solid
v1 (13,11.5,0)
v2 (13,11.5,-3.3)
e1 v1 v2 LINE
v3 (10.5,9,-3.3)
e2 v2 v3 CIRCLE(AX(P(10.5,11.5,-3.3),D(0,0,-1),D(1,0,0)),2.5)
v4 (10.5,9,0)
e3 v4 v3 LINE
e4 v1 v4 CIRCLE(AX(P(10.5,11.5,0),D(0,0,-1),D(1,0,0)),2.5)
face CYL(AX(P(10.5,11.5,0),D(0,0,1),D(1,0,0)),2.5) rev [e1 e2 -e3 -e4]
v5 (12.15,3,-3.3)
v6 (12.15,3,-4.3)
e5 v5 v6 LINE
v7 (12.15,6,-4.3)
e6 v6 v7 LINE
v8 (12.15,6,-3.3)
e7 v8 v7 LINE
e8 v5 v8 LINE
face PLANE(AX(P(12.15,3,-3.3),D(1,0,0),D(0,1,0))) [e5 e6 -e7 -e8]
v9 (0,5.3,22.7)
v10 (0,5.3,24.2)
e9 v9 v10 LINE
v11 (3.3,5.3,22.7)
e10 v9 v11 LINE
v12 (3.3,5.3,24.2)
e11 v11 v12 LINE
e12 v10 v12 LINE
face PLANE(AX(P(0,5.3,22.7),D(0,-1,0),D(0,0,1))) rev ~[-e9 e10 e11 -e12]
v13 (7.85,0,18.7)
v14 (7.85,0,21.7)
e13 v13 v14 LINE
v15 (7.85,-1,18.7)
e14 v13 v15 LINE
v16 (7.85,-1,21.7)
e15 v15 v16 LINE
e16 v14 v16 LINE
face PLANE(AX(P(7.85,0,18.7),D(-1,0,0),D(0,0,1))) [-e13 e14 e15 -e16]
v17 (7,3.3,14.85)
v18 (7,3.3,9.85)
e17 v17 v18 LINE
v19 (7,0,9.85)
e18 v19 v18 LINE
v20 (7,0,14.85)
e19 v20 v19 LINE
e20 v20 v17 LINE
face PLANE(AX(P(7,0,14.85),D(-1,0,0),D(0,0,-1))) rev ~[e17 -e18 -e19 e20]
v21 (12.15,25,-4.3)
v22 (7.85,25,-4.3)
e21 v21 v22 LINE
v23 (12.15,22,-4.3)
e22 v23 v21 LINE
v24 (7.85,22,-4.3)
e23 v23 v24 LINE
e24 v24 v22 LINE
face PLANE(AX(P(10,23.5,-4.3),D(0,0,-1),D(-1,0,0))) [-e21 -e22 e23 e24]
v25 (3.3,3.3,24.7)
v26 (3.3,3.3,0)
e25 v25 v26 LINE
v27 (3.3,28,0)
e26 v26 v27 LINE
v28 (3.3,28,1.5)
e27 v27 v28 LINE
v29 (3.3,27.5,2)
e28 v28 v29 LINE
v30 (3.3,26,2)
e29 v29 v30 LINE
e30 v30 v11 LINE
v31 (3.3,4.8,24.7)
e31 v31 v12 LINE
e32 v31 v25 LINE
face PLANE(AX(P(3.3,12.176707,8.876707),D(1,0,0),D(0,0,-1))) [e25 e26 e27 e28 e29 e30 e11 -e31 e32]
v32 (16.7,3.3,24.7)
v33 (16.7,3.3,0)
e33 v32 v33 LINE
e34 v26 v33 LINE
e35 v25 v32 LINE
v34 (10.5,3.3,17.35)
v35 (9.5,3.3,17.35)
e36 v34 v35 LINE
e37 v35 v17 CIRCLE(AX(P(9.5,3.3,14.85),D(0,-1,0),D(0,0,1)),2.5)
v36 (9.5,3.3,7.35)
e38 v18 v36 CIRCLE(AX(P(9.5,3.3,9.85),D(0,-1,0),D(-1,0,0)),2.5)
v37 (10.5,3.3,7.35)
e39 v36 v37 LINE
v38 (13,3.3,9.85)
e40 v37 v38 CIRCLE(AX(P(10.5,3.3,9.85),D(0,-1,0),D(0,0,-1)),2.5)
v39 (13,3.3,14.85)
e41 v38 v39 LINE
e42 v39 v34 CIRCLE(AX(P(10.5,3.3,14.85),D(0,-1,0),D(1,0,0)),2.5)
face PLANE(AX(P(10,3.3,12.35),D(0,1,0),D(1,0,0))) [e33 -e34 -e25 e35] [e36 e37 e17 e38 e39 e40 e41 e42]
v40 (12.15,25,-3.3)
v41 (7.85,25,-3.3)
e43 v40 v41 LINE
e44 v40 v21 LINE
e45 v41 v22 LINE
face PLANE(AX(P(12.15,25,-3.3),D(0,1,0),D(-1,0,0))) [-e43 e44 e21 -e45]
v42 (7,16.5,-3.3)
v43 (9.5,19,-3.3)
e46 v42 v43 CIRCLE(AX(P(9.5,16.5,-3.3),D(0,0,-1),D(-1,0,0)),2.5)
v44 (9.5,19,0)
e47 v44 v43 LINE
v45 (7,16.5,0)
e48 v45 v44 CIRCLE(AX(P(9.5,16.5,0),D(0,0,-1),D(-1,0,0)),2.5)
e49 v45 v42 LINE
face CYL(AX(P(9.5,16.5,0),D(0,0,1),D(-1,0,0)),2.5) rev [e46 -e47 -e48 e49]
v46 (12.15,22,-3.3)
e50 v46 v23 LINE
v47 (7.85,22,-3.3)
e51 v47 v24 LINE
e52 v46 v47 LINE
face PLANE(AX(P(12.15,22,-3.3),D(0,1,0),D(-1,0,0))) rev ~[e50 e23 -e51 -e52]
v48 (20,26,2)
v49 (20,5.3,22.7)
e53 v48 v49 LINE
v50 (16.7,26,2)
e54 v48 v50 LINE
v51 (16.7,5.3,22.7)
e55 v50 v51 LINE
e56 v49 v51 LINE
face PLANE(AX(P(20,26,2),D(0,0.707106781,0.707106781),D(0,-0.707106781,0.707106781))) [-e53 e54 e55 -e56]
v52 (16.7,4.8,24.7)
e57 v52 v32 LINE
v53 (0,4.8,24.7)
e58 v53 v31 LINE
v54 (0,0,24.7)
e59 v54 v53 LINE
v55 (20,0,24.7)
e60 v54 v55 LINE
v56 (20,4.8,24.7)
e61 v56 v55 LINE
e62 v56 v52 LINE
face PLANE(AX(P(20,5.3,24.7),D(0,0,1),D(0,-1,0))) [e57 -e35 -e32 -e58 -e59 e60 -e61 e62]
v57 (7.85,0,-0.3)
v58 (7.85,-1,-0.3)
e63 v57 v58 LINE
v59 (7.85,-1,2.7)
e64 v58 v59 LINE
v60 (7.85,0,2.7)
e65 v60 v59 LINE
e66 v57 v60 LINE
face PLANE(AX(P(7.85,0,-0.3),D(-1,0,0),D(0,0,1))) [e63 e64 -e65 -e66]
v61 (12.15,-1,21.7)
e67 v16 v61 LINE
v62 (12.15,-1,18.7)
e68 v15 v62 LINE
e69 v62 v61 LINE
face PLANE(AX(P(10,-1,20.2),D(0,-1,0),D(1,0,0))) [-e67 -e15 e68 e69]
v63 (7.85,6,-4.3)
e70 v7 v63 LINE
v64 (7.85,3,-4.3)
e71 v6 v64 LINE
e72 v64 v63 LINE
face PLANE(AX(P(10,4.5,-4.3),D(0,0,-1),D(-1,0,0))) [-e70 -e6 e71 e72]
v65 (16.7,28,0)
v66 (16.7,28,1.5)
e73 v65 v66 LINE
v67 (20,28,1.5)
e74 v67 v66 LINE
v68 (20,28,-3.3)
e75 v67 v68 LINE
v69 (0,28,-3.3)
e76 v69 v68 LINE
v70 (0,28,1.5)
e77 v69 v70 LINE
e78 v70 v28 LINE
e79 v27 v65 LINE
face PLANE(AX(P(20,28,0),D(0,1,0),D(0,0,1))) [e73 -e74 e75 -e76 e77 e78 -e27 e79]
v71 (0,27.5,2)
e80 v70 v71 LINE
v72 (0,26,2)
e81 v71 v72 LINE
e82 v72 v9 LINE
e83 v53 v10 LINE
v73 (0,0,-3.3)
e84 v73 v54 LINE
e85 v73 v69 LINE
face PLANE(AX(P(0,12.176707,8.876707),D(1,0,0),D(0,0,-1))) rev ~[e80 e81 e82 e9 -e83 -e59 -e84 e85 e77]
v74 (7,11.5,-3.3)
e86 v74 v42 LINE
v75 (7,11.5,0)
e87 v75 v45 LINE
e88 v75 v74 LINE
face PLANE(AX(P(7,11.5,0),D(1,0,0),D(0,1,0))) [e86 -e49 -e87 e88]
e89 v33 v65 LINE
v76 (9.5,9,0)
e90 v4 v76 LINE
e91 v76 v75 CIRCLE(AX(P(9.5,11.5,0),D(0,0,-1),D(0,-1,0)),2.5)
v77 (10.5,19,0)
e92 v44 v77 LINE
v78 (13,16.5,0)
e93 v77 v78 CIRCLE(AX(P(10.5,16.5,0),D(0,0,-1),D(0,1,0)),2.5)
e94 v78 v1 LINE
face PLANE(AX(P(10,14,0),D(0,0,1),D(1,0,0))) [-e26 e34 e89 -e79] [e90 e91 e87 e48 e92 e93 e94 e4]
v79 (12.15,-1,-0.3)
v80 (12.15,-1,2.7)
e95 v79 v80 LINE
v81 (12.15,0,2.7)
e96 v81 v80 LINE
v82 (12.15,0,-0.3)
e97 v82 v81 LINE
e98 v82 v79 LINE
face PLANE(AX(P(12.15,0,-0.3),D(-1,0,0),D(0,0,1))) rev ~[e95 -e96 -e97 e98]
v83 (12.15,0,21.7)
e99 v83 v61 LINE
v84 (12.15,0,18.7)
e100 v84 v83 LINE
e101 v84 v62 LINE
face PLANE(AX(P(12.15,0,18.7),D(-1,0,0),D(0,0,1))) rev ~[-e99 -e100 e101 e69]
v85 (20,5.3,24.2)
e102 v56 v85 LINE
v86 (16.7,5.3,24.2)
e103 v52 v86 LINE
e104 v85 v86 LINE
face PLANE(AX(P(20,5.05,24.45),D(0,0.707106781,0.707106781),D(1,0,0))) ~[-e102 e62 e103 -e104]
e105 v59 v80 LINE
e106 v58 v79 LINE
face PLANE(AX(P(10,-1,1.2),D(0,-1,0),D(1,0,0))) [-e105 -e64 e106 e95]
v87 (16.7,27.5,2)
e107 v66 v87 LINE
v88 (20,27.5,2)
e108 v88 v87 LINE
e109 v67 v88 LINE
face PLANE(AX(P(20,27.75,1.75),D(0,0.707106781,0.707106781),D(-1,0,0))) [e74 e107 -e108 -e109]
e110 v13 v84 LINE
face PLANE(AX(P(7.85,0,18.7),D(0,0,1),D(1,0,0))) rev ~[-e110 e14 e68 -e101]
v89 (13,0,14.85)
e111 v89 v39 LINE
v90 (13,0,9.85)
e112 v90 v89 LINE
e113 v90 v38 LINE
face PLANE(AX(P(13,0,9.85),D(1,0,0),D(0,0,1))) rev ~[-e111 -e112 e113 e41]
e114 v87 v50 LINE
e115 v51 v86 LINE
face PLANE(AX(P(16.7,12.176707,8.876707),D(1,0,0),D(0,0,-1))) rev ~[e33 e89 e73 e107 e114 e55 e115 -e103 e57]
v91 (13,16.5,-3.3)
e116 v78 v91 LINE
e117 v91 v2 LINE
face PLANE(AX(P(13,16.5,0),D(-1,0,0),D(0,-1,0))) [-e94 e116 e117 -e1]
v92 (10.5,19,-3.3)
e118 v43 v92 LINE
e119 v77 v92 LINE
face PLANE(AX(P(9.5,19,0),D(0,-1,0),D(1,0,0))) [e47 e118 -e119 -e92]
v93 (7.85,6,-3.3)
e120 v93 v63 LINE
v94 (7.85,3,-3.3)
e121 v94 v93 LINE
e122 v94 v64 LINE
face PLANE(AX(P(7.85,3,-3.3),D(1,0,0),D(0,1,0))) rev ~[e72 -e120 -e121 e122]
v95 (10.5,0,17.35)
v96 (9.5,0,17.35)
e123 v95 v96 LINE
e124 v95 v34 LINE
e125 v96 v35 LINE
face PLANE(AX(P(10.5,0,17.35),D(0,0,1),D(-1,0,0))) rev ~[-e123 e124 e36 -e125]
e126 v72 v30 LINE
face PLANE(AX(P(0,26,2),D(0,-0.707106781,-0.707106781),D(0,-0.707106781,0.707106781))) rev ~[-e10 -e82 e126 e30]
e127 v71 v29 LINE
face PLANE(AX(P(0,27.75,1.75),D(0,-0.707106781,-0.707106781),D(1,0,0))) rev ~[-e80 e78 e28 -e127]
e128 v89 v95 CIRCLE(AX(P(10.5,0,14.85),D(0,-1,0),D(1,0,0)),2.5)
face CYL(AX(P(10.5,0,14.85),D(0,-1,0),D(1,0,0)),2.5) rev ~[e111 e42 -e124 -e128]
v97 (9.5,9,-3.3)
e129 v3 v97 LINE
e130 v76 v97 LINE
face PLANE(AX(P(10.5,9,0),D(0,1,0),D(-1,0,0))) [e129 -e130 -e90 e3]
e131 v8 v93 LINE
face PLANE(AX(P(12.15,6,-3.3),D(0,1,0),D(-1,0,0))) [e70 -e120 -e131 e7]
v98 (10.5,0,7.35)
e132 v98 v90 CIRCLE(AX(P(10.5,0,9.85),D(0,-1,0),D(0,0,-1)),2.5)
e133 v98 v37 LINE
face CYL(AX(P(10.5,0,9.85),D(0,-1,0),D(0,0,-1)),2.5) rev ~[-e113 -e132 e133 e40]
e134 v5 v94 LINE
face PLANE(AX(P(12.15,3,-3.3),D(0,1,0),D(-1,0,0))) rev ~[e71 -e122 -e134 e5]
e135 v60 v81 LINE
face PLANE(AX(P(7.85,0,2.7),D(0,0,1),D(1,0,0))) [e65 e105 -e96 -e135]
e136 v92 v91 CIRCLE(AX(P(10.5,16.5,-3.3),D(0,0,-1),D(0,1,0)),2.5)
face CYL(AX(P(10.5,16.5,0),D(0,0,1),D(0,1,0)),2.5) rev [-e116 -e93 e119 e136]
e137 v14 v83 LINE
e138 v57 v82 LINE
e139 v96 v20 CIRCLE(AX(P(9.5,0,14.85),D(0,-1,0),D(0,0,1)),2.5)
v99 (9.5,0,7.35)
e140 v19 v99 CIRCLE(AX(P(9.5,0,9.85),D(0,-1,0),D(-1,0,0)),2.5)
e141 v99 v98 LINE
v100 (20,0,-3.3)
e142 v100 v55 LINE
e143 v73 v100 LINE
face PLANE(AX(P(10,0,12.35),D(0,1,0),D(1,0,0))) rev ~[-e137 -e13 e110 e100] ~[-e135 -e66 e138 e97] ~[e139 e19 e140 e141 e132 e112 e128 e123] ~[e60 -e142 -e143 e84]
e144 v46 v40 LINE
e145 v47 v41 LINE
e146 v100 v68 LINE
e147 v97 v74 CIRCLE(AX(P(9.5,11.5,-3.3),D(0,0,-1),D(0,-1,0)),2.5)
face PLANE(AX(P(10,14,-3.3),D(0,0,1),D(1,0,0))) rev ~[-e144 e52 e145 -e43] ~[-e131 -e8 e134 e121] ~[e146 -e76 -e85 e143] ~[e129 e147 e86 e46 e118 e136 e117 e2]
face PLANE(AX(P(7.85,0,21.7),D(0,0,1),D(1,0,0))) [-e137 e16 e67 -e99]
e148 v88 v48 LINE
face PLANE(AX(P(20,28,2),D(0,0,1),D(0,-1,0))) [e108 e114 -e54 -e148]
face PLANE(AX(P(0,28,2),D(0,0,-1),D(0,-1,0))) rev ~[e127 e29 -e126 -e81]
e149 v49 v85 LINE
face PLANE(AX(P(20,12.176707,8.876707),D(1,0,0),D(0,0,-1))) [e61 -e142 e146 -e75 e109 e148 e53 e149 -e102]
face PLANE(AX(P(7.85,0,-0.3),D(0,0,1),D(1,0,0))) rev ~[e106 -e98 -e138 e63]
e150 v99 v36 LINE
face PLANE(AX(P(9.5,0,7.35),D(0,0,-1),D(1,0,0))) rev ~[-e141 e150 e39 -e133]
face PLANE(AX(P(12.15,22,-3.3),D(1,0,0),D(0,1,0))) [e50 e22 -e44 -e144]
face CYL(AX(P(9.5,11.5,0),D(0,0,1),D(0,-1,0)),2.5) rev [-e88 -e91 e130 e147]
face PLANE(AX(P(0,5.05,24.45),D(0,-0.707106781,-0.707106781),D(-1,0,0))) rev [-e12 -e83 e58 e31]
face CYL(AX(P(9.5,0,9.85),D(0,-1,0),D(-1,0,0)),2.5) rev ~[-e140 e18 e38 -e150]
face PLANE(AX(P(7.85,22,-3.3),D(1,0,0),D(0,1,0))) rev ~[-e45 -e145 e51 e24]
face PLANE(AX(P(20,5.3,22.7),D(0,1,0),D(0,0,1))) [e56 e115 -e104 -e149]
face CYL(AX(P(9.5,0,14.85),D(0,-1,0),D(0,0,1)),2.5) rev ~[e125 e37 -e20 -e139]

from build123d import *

# Parameters (mm, degrees)
SKETCH1_W           = 20
SKETCH1_H           = 28
BOSS_EXTRUDE1_DEPTH = 3.3
SKETCH2_W           = 20
SKETCH2_H           = 24.7
BOSS_EXTRUDE2_DEPTH = 3.3
BOSS_EXTRUDE3_DEPTH = 3.3
BOSS_EXTRUDE4_DEPTH = 3.3
CHAMFER1_SIZE       = 0.5
SKETCH5_W           = 4.3
SKETCH5_H           = 3
BOSS_EXTRUDE5_DEPTH = 1
SKETCH6_W           = 4.3
SKETCH6_H           = 3
BOSS_EXTRUDE6_DEPTH = 1


with BuildPart() as part:
    # Sketch1 → Boss-Extrude1 (new body)
    with BuildSketch(Plane.XY):
        with Locations((10, 14)):
            Rectangle(SKETCH1_W, SKETCH1_H)
        with BuildLine():
            Line((10.5, 9), (9.5, 9))
            ThreePointArc((9.5, 9), (7.732233047, 9.732233047), (7, 11.5))
            Line((7, 11.5), (7, 16.5))
            ThreePointArc((7, 16.5), (7.732233047, 18.267766953), (9.5, 19))
            Line((9.5, 19), (10.5, 19))
            ThreePointArc((10.5, 19), (12.267766953, 18.267766953), (13, 16.5))
            Line((13, 16.5), (13, 11.5))
            ThreePointArc((13, 11.5), (12.267766953, 9.732233047), (10.5, 9))
        make_face(mode=Mode.SUBTRACT)
    extrude(amount=-BOSS_EXTRUDE1_DEPTH)

    # Sketch2 → Boss-Extrude2 (add)
    with BuildSketch(Plane(origin=(0, 0, 0), x_dir=(1, 0, 0), z_dir=(0, 1, 0))):
        with Locations((10, -12.35)):
            Rectangle(SKETCH2_W, SKETCH2_H)
        with BuildLine():
            Line((10.5, -17.35), (9.5, -17.35))
            ThreePointArc((9.5, -17.35), (7.732233047, -16.617766953), (7, -14.85))
            Line((7, -14.85), (7, -9.85))
            ThreePointArc((7, -9.85), (7.732233047, -8.082233047), (9.5, -7.35))
            Line((9.5, -7.35), (10.5, -7.35))
            ThreePointArc((10.5, -7.35), (12.267766953, -8.082233047), (13, -9.85))
            Line((13, -9.85), (13, -14.85))
            ThreePointArc((13, -14.85), (12.267766953, -16.617766953), (10.5, -17.35))
        make_face(mode=Mode.SUBTRACT)
    extrude(amount=BOSS_EXTRUDE2_DEPTH)

    # Sketch3 → Boss-Extrude3 (add)
    with BuildSketch(Plane(origin=(0, 0, 0), x_dir=(0, 0, -1), z_dir=(1, 0, 0))):
        Polygon((0, 28), (-2, 28), (-2, 26), (-22.7, 5.3), (-24.7, 5.3), (-24.7, 3.3), (0, 3.3), align=None)
    extrude(amount=BOSS_EXTRUDE3_DEPTH)

    # Sketch4 → Boss-Extrude4 (add)
    with BuildSketch(Plane(origin=(20, 0, 0), x_dir=(0, 0, -1), z_dir=(1, 0, 0))):
        Polygon((0, 28), (-2, 28), (-2, 26), (-22.7, 5.3), (-24.7, 5.3), (-24.7, 3.3), (0, 3.3), align=None)
    extrude(amount=-BOSS_EXTRUDE4_DEPTH)

    # Chamfer1
    chamfer1_edges = [part.edges().sort_by_distance(p)[0] for p in [
        (1.65, 28, 2),
        (1.65, 5.3, 24.7),
        (18.35, 5.3, 24.7),
        (18.35, 28, 2),
    ]]
    chamfer(chamfer1_edges, length=CHAMFER1_SIZE)

    # Sketch5 → Boss-Extrude5 (add)
    with BuildSketch(Plane(origin=(0, 0, -3.3), x_dir=(-1, 0, 0), z_dir=(0, 0, -1))):
        with Locations((-10, 23.5)):
            Rectangle(SKETCH5_W, SKETCH5_H)
        with Locations((-10, 4.5)):
            Rectangle(SKETCH5_W, SKETCH5_H)
    extrude(amount=BOSS_EXTRUDE5_DEPTH)

    # Sketch6 → Boss-Extrude6 (add)
    with BuildSketch(Plane.XZ):
        with Locations((10, 1.2)):
            Rectangle(SKETCH6_W, SKETCH6_H)
        with Locations((10, 20.2)):
            Rectangle(SKETCH6_W, SKETCH6_H)
    extrude(amount=BOSS_EXTRUDE6_DEPTH)


solid = part.part
